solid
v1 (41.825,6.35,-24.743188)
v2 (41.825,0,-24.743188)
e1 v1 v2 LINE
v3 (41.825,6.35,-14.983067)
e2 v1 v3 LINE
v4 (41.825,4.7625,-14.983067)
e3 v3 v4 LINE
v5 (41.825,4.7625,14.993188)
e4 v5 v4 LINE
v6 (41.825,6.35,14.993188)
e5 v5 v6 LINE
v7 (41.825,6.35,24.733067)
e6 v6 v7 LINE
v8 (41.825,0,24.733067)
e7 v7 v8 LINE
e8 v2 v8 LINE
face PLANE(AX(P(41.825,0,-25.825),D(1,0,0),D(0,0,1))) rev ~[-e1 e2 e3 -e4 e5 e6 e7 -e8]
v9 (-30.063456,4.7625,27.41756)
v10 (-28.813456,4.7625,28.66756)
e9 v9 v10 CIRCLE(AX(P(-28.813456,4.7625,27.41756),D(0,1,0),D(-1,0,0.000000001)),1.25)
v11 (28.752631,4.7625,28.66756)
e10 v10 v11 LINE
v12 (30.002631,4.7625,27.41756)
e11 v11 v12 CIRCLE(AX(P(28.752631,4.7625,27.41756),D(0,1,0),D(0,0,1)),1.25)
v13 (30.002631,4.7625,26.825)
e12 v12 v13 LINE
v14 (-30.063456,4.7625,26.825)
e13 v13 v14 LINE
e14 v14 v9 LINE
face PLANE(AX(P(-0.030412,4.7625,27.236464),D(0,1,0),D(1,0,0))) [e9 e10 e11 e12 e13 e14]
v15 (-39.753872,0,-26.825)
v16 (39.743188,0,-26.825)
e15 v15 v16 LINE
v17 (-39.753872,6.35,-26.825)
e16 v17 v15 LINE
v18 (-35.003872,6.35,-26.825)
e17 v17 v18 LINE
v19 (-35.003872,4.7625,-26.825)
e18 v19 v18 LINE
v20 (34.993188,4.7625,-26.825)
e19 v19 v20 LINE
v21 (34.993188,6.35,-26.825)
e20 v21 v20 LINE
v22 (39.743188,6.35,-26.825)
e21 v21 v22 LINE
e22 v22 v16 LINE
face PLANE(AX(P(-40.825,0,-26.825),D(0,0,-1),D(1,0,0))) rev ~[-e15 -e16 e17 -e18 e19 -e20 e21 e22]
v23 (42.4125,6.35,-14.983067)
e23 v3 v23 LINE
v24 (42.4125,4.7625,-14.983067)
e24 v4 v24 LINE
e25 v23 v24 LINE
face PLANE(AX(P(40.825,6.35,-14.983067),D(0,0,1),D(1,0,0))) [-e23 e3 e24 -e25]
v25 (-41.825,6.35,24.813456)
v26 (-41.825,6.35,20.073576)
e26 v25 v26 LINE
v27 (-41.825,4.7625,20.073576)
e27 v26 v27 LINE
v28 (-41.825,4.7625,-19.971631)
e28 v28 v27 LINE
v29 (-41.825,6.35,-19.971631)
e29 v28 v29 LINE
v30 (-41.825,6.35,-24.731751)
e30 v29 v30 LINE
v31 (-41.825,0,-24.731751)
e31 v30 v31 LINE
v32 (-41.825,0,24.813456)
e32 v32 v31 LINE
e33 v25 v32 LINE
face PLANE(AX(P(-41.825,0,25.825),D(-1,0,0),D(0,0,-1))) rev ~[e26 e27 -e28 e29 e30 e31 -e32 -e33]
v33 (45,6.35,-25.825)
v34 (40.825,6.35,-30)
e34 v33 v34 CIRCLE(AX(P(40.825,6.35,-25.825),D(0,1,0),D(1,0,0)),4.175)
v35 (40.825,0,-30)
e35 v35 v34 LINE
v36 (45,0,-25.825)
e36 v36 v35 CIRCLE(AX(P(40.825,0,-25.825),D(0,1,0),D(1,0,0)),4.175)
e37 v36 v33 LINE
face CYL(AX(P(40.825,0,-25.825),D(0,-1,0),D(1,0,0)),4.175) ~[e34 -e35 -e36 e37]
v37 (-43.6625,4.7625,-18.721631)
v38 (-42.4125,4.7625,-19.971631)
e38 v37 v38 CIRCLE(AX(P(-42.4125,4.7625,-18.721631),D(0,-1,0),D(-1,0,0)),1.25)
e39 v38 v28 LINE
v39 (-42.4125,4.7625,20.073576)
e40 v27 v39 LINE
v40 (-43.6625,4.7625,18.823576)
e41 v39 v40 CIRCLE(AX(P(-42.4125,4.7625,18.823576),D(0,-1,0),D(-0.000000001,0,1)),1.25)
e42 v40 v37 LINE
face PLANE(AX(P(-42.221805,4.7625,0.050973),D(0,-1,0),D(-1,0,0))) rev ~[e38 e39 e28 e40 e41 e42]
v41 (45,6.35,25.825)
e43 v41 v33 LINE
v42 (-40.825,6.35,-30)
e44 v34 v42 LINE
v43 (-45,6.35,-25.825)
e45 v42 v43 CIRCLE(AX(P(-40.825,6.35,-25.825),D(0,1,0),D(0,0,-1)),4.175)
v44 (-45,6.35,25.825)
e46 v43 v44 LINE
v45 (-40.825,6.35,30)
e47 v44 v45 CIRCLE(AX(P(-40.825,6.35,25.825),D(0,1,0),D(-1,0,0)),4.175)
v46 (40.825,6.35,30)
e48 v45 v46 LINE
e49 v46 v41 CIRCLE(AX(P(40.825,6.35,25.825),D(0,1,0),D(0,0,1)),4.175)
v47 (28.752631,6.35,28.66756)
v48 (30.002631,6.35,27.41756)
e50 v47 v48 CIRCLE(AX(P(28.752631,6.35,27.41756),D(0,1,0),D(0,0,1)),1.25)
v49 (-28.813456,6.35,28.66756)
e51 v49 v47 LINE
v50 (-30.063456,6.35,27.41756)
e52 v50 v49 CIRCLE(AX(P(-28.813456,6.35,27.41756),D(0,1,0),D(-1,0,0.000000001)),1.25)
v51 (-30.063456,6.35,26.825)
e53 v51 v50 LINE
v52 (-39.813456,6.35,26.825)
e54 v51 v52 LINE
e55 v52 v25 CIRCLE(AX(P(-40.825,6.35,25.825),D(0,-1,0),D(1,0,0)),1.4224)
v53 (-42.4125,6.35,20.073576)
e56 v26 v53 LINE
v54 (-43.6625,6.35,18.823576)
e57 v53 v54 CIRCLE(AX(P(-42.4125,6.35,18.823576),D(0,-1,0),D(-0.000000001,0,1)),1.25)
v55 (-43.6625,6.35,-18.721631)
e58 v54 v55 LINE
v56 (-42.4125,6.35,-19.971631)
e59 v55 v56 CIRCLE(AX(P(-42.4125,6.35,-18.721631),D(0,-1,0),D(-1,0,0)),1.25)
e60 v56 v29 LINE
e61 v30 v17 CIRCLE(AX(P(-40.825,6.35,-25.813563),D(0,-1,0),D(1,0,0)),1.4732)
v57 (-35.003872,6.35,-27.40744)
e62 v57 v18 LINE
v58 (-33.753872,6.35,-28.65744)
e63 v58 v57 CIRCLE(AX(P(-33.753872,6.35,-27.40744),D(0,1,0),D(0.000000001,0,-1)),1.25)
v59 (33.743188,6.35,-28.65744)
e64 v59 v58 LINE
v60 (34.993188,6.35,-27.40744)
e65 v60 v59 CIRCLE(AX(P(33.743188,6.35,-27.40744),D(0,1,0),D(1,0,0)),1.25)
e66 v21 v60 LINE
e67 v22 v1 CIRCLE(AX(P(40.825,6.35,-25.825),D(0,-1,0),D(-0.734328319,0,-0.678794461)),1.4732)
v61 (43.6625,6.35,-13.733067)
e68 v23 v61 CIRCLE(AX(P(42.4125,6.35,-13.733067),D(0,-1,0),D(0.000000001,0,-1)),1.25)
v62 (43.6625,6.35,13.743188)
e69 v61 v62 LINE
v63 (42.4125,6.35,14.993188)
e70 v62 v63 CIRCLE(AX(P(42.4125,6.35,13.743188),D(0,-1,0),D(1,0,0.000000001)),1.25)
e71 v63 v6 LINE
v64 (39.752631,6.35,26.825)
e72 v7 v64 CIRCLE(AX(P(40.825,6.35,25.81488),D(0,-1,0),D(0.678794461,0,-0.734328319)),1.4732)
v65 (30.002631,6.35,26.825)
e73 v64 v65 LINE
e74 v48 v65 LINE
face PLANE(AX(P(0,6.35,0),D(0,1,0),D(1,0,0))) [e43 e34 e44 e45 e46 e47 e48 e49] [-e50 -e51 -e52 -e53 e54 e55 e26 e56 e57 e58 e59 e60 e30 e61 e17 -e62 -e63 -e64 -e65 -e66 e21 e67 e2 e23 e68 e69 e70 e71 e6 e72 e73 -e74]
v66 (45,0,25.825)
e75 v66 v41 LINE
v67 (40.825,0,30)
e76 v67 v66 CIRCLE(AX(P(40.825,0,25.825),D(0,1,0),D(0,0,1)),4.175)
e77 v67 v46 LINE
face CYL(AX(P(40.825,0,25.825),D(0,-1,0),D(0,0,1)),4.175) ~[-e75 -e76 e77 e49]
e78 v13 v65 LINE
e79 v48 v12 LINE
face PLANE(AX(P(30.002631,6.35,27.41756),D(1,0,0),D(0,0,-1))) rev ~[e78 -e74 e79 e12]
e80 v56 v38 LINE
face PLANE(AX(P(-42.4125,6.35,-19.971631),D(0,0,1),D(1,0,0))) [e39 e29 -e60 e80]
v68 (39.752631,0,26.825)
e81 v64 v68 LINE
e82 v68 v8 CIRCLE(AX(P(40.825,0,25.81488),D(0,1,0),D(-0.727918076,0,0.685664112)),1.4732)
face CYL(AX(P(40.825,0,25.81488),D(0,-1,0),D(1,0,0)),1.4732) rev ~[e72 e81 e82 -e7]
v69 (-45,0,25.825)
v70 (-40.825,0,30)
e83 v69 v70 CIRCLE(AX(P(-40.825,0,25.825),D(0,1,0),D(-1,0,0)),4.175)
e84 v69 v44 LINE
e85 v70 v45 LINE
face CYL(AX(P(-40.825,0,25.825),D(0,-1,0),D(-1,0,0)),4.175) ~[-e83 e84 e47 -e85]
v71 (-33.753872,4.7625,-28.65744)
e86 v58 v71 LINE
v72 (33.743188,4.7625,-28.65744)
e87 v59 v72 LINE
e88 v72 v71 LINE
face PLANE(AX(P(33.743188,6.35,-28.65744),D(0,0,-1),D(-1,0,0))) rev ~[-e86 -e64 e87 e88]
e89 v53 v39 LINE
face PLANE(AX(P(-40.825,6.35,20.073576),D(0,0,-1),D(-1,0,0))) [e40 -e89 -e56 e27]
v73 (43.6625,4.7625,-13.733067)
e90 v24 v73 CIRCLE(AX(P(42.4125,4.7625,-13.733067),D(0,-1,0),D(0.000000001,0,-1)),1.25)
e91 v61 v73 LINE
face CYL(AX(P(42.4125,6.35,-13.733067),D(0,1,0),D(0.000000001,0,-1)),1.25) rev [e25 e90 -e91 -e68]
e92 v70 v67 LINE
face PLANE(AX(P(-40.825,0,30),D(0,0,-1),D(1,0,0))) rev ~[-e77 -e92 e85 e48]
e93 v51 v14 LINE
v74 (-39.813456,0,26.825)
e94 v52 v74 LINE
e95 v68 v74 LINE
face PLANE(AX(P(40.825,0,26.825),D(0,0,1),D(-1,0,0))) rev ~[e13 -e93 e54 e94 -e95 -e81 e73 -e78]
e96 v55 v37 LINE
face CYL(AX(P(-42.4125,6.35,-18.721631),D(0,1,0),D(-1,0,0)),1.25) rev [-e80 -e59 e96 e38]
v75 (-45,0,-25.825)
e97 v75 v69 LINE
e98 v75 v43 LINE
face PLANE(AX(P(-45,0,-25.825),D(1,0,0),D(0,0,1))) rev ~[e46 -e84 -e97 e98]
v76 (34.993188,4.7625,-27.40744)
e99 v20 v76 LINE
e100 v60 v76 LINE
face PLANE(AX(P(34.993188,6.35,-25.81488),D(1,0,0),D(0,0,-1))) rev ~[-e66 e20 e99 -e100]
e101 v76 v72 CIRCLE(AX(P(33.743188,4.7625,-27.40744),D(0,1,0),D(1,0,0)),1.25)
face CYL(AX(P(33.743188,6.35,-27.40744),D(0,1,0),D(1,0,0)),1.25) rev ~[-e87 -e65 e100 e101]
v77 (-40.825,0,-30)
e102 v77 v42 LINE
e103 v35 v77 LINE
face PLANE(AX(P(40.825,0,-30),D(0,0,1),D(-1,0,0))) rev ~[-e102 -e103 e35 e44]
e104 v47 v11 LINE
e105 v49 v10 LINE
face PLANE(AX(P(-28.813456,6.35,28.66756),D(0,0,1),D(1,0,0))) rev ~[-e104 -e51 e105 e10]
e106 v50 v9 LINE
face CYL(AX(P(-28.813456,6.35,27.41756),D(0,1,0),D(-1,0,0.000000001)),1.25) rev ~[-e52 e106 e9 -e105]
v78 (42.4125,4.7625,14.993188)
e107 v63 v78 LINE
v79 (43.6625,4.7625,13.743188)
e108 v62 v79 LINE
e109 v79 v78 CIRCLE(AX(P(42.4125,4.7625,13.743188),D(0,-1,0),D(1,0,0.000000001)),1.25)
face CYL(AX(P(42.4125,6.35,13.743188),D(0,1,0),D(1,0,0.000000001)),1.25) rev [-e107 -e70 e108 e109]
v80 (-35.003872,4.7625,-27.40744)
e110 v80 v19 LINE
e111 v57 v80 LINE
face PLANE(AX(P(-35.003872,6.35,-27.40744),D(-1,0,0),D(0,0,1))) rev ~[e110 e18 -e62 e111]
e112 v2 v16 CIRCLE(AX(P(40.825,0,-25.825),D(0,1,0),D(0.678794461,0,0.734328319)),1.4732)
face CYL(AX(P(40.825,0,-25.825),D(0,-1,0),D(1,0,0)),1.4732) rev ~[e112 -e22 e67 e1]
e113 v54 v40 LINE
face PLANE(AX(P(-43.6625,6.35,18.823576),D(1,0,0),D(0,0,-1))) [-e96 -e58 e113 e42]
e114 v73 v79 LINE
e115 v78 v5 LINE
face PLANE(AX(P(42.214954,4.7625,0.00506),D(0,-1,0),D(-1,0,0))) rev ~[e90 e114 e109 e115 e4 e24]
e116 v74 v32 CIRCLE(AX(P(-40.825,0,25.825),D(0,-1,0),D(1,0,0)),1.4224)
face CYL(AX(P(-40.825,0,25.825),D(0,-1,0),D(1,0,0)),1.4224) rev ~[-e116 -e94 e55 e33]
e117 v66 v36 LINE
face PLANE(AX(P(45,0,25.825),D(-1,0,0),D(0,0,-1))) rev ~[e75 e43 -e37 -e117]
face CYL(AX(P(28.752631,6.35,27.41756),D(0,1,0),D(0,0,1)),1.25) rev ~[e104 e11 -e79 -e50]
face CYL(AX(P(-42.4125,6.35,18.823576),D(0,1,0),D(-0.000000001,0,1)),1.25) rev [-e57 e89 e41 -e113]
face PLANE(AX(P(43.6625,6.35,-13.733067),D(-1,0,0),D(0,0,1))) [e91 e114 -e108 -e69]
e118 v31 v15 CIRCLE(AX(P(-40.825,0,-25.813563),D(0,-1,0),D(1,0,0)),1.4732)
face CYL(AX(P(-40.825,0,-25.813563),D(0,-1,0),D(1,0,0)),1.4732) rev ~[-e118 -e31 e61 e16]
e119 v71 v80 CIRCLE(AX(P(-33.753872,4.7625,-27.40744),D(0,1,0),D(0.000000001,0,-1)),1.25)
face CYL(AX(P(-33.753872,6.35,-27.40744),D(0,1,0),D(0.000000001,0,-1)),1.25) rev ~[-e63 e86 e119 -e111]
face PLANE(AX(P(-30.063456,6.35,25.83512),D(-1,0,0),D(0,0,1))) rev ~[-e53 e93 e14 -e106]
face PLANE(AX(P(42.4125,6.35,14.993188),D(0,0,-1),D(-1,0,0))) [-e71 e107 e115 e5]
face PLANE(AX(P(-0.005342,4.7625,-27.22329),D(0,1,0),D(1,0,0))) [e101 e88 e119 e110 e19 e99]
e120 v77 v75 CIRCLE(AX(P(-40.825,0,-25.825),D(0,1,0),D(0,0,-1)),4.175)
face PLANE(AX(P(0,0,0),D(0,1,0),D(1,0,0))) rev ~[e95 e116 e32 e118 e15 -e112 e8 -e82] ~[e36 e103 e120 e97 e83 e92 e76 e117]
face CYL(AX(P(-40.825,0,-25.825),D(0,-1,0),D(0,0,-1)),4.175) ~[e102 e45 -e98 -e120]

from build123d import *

# Parameters (mm, degrees)
BOSS_EXTRUDE3_DEPTH = 6.35
SKETCH5_R           = 1.4224
SKETCH5_R_2         = 1.4732
CUT_EXTRUDE2_DEPTH  = 55.454774814
CUT_EXTRUDE3_DEPTH  = 1.5875


with BuildPart() as part:
    # Sketch2 → Boss-Extrude3 (new body)
    with BuildSketch(Plane(origin=(0, 0, 0), x_dir=(1, 0, 0), z_dir=(0, 1, 0))):
        with BuildLine():
            Line((-45, 25.825), (-45, -25.825))
            ThreePointArc((-45, -25.825), (-43.777170811, -28.777170811), (-40.825, -30))
            Line((-40.825, -30), (40.825, -30))
            ThreePointArc((40.825, -30), (43.777170811, -28.777170811), (45, -25.825))
            Line((45, -25.825), (45, 25.825))
            ThreePointArc((45, 25.825), (43.777170811, 28.777170811), (40.825, 30))
            Line((40.825, 30), (-40.825, 30))
            ThreePointArc((-40.825, 30), (-43.777170811, 28.777170811), (-45, 25.825))
        make_face()
        with BuildLine():
            Line((-41.825, -25.825), (-41.825, 25.825))
            ThreePointArc((-41.825, 25.825), (-41.532106781, 26.532106781), (-40.825, 26.825))
            Line((-40.825, 26.825), (40.825, 26.825))
            ThreePointArc((40.825, 26.825), (41.532106781, 26.532106781), (41.825, 25.825))
            Line((41.825, 25.825), (41.825, -25.825))
            ThreePointArc((41.825, -25.825), (41.532106781, -26.532106781), (40.825, -26.825))
            Line((40.825, -26.825), (-40.825, -26.825))
            ThreePointArc((-40.825, -26.825), (-41.532106781, -26.532106781), (-41.825, -25.825))
        make_face(mode=Mode.SUBTRACT)
    extrude(amount=BOSS_EXTRUDE3_DEPTH)

    # Sketch5 → Cut-Extrude2 (cut, through all)
    with BuildSketch(Plane.XZ):
        with Locations((-40.825, 25.825)):
            Circle(SKETCH5_R)
        with Locations((40.825, 25.81487963)):
            Circle(SKETCH5_R_2)
        with Locations((40.825, -25.825)):
            Circle(SKETCH5_R_2)
        with Locations((-40.825, -25.81356336)):
            Circle(SKETCH5_R_2)
    extrude(amount=-CUT_EXTRUDE2_DEPTH, mode=Mode.SUBTRACT)

    # Sketch7 → Cut-Extrude3 (cut)
    with BuildSketch(Plane(origin=(0, 6.35, 0), x_dir=(1, 0, 0), z_dir=(0, 1, 0))):
        with BuildLine():
            Line((-35.00387248, 27.407439815), (-35.00387248, 25.81487963))
            Line((-35.00387248, 25.81487963), (34.993187521, 25.81487963))
            Line((34.993187521, 25.81487963), (34.993187521, 27.407439815))
            ThreePointArc((34.993187521, 27.407439815), (34.627070997, 28.291323292), (33.743187521, 28.657439815))
            Line((33.743187521, 28.657439815), (-33.75387248, 28.657439815))
            ThreePointArc((-33.75387248, 28.657439815), (-34.637755957, 28.291323292), (-35.00387248, 27.407439815))
        make_face()
        with BuildLine():
            Line((-43.6625, -18.823576125), (-43.6625, 18.721630511))
            ThreePointArc((-43.6625, 18.721630511), (-43.296383476, 19.605513988), (-42.4125, 19.971630511))
            Line((-42.4125, 19.971630511), (-40.825, 19.971630511))
            Line((-40.825, 19.971630511), (-40.825, -20.073576125))
            Line((-40.825, -20.073576125), (-42.4125, -20.073576125))
            ThreePointArc((-42.4125, -20.073576125), (-43.296383476, -19.707459601), (-43.6625, -18.823576125))
        make_face()
        with BuildLine():
            Line((40.825, 14.983067151), (42.4125, 14.983067151))
            ThreePointArc((42.4125, 14.983067151), (43.296383476, 14.616950627), (43.6625, 13.733067151))
            Line((43.6625, 13.733067151), (43.6625, -13.743187521))
            ThreePointArc((43.6625, -13.743187521), (43.296383476, -14.627070997), (42.4125, -14.993187521))
            Line((42.4125, -14.993187521), (40.825, -14.993187521))
            Line((40.825, -14.993187521), (40.825, 14.983067151))
        make_face()
        with BuildLine():
            Line((-28.813455755, -28.667560185), (28.75263109, -28.667560185))
            ThreePointArc((28.75263109, -28.667560185), (29.636514567, -28.301443661), (30.00263109, -27.417560185))
            Line((30.00263109, -27.417560185), (30.00263109, -25.83512037))
            Line((30.00263109, -25.83512037), (-30.063455755, -25.83512037))
            Line((-30.063455755, -25.83512037), (-30.063455755, -27.417560185))
            ThreePointArc((-30.063455755, -27.417560185), (-29.697339231, -28.301443661), (-28.813455755, -28.667560185))
        make_face()
    extrude(amount=-CUT_EXTRUDE3_DEPTH, mode=Mode.SUBTRACT)


solid = part.part
